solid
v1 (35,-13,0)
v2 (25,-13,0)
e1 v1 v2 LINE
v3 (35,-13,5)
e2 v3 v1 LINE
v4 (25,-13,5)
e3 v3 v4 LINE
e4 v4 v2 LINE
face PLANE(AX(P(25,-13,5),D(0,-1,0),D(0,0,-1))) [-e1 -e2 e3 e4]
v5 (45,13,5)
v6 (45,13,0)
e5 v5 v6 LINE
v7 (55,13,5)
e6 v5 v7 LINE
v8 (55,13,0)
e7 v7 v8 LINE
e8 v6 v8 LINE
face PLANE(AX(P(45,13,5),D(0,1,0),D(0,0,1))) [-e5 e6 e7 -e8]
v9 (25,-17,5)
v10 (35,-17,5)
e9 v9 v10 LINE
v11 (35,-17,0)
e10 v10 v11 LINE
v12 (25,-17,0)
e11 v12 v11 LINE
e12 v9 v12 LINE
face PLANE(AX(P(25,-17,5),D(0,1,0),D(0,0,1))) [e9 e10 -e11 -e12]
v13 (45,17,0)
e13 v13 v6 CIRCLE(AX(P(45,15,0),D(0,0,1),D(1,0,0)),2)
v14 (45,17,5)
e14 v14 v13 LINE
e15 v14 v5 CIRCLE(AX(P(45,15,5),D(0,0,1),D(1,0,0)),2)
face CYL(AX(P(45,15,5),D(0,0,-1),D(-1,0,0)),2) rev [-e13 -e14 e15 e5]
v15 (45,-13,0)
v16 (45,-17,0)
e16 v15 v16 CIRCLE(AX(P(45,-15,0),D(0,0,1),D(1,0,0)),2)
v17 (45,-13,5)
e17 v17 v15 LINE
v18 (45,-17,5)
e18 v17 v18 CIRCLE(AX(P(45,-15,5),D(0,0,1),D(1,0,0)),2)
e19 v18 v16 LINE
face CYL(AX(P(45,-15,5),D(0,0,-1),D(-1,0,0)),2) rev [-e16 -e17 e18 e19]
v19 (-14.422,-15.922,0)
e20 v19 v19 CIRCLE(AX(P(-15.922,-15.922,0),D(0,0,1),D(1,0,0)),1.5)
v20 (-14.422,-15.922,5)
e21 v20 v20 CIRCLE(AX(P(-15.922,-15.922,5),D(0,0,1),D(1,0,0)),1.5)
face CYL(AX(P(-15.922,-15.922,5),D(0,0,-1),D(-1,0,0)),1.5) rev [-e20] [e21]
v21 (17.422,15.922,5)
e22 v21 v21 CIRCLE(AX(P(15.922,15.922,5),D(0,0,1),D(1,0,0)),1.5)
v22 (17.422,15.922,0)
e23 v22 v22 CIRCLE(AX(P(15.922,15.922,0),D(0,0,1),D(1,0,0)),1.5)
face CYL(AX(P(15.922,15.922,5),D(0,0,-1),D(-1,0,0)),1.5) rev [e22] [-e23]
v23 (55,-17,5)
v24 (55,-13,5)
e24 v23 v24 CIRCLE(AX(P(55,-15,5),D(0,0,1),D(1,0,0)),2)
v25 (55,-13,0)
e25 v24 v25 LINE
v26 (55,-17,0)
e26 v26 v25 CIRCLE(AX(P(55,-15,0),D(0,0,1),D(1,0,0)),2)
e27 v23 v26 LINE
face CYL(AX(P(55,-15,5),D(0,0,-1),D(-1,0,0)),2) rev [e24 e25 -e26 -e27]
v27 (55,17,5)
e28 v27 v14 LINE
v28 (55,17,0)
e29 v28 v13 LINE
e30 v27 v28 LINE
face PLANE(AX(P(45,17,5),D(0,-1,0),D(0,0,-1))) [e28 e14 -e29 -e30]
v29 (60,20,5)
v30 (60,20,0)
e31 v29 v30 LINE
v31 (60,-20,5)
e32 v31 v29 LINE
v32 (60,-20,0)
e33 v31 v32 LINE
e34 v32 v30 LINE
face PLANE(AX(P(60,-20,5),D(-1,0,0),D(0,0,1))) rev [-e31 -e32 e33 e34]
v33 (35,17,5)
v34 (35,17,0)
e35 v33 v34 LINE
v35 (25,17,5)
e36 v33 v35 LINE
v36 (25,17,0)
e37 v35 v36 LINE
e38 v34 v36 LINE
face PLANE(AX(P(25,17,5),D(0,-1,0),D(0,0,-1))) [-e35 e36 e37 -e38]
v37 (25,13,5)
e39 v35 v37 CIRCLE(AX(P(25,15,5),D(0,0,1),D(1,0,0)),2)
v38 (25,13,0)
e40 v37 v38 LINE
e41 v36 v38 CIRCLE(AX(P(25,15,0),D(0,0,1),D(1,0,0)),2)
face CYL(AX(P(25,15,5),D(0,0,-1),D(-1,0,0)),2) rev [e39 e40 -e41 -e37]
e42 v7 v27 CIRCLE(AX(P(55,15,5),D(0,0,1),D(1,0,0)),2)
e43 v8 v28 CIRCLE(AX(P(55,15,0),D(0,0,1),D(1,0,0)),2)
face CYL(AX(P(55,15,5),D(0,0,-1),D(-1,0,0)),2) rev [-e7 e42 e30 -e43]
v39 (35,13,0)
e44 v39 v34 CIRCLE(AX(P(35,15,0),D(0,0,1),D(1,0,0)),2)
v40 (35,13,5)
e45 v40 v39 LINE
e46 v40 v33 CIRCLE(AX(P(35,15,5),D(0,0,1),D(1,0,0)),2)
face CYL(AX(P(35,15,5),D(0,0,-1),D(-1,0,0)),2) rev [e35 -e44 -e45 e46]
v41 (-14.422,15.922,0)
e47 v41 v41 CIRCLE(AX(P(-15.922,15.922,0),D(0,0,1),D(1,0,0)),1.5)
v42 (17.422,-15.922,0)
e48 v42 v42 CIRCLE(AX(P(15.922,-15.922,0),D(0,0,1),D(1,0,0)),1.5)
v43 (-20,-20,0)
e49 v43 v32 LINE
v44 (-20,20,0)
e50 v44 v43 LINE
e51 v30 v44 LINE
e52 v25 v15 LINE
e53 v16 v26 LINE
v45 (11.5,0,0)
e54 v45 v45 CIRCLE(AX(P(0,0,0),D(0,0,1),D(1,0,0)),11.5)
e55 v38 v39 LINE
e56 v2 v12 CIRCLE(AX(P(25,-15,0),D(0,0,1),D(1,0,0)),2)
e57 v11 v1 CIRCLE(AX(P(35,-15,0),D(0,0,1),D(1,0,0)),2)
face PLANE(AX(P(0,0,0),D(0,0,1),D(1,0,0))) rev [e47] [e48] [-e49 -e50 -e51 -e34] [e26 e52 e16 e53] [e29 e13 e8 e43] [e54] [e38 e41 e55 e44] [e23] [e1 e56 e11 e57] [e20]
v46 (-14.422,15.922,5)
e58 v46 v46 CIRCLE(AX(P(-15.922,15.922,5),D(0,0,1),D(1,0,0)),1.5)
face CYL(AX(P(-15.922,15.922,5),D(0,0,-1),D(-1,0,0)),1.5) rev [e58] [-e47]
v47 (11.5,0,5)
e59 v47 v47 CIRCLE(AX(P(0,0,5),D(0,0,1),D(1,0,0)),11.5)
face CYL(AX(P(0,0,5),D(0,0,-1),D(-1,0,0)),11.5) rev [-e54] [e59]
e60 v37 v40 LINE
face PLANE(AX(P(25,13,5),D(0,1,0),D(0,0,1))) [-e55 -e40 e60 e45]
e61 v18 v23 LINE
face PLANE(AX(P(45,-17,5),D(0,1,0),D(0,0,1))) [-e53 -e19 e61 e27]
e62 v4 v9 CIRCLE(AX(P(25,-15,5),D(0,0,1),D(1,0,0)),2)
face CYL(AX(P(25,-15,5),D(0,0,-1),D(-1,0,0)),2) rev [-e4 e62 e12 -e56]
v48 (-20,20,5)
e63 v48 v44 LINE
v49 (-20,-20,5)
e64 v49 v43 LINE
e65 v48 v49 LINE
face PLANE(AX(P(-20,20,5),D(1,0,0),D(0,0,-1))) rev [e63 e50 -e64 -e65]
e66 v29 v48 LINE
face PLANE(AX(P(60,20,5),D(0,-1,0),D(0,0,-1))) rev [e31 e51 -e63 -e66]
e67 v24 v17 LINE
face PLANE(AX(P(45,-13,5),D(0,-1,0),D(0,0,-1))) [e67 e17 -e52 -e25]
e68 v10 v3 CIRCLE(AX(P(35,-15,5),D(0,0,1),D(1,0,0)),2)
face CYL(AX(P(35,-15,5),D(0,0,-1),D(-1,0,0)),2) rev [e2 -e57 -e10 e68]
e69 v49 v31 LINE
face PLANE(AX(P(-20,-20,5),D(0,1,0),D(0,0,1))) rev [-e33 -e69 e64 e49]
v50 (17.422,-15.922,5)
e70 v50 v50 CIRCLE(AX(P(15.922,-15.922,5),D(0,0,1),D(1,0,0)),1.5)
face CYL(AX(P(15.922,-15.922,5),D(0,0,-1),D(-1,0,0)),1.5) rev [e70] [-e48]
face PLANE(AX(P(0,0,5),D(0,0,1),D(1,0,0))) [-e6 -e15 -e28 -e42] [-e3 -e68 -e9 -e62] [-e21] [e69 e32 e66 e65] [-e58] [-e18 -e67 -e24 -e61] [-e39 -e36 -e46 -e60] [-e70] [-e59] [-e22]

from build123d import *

# Parameters (mm, degrees)
SKETCH1_W           = 80
SKETCH1_H           = 40
SKETCH1_R           = 1.5
SKETCH1_R_2         = 11.5
BOSS_EXTRUDE1_DEPTH = 5


with BuildPart() as part:
    # Sketch1 → Boss-Extrude1 (new body)
    with BuildSketch(Plane.XY):
        with Locations((20, 0)):
            Rectangle(SKETCH1_W, SKETCH1_H)
        with Locations((-15.922, 15.922)):
            Circle(SKETCH1_R, mode=Mode.SUBTRACT)
        with Locations((15.922, 15.922)):
            Circle(SKETCH1_R, mode=Mode.SUBTRACT)
        with Locations((15.922, -15.922)):
            Circle(SKETCH1_R, mode=Mode.SUBTRACT)
        with Locations((-15.922, -15.922)):
            Circle(SKETCH1_R, mode=Mode.SUBTRACT)
        Circle(SKETCH1_R_2, mode=Mode.SUBTRACT)
        with BuildLine():
            Line((25, 17), (35, 17))
            ThreePointArc((35, 17), (37, 15), (35, 13))
            Line((35, 13), (25, 13))
            ThreePointArc((25, 13), (23, 15), (25, 17))
        make_face(mode=Mode.SUBTRACT)
        with BuildLine():
            Line((45, 17), (55, 17))
            ThreePointArc((55, 17), (57, 15), (55, 13))
            Line((55, 13), (45, 13))
            ThreePointArc((45, 13), (43, 15), (45, 17))
        make_face(mode=Mode.SUBTRACT)
        with BuildLine():
            Line((45, -13), (55, -13))
            ThreePointArc((55, -13), (57, -15), (55, -17))
            Line((55, -17), (45, -17))
            ThreePointArc((45, -17), (43, -15), (45, -13))
        make_face(mode=Mode.SUBTRACT)
        with BuildLine():
            Line((25, -13), (35, -13))
            ThreePointArc((35, -13), (37, -15), (35, -17))
            Line((35, -17), (25, -17))
            ThreePointArc((25, -17), (23, -15), (25, -13))
        make_face(mode=Mode.SUBTRACT)
    extrude(amount=BOSS_EXTRUDE1_DEPTH)


solid = part.part
